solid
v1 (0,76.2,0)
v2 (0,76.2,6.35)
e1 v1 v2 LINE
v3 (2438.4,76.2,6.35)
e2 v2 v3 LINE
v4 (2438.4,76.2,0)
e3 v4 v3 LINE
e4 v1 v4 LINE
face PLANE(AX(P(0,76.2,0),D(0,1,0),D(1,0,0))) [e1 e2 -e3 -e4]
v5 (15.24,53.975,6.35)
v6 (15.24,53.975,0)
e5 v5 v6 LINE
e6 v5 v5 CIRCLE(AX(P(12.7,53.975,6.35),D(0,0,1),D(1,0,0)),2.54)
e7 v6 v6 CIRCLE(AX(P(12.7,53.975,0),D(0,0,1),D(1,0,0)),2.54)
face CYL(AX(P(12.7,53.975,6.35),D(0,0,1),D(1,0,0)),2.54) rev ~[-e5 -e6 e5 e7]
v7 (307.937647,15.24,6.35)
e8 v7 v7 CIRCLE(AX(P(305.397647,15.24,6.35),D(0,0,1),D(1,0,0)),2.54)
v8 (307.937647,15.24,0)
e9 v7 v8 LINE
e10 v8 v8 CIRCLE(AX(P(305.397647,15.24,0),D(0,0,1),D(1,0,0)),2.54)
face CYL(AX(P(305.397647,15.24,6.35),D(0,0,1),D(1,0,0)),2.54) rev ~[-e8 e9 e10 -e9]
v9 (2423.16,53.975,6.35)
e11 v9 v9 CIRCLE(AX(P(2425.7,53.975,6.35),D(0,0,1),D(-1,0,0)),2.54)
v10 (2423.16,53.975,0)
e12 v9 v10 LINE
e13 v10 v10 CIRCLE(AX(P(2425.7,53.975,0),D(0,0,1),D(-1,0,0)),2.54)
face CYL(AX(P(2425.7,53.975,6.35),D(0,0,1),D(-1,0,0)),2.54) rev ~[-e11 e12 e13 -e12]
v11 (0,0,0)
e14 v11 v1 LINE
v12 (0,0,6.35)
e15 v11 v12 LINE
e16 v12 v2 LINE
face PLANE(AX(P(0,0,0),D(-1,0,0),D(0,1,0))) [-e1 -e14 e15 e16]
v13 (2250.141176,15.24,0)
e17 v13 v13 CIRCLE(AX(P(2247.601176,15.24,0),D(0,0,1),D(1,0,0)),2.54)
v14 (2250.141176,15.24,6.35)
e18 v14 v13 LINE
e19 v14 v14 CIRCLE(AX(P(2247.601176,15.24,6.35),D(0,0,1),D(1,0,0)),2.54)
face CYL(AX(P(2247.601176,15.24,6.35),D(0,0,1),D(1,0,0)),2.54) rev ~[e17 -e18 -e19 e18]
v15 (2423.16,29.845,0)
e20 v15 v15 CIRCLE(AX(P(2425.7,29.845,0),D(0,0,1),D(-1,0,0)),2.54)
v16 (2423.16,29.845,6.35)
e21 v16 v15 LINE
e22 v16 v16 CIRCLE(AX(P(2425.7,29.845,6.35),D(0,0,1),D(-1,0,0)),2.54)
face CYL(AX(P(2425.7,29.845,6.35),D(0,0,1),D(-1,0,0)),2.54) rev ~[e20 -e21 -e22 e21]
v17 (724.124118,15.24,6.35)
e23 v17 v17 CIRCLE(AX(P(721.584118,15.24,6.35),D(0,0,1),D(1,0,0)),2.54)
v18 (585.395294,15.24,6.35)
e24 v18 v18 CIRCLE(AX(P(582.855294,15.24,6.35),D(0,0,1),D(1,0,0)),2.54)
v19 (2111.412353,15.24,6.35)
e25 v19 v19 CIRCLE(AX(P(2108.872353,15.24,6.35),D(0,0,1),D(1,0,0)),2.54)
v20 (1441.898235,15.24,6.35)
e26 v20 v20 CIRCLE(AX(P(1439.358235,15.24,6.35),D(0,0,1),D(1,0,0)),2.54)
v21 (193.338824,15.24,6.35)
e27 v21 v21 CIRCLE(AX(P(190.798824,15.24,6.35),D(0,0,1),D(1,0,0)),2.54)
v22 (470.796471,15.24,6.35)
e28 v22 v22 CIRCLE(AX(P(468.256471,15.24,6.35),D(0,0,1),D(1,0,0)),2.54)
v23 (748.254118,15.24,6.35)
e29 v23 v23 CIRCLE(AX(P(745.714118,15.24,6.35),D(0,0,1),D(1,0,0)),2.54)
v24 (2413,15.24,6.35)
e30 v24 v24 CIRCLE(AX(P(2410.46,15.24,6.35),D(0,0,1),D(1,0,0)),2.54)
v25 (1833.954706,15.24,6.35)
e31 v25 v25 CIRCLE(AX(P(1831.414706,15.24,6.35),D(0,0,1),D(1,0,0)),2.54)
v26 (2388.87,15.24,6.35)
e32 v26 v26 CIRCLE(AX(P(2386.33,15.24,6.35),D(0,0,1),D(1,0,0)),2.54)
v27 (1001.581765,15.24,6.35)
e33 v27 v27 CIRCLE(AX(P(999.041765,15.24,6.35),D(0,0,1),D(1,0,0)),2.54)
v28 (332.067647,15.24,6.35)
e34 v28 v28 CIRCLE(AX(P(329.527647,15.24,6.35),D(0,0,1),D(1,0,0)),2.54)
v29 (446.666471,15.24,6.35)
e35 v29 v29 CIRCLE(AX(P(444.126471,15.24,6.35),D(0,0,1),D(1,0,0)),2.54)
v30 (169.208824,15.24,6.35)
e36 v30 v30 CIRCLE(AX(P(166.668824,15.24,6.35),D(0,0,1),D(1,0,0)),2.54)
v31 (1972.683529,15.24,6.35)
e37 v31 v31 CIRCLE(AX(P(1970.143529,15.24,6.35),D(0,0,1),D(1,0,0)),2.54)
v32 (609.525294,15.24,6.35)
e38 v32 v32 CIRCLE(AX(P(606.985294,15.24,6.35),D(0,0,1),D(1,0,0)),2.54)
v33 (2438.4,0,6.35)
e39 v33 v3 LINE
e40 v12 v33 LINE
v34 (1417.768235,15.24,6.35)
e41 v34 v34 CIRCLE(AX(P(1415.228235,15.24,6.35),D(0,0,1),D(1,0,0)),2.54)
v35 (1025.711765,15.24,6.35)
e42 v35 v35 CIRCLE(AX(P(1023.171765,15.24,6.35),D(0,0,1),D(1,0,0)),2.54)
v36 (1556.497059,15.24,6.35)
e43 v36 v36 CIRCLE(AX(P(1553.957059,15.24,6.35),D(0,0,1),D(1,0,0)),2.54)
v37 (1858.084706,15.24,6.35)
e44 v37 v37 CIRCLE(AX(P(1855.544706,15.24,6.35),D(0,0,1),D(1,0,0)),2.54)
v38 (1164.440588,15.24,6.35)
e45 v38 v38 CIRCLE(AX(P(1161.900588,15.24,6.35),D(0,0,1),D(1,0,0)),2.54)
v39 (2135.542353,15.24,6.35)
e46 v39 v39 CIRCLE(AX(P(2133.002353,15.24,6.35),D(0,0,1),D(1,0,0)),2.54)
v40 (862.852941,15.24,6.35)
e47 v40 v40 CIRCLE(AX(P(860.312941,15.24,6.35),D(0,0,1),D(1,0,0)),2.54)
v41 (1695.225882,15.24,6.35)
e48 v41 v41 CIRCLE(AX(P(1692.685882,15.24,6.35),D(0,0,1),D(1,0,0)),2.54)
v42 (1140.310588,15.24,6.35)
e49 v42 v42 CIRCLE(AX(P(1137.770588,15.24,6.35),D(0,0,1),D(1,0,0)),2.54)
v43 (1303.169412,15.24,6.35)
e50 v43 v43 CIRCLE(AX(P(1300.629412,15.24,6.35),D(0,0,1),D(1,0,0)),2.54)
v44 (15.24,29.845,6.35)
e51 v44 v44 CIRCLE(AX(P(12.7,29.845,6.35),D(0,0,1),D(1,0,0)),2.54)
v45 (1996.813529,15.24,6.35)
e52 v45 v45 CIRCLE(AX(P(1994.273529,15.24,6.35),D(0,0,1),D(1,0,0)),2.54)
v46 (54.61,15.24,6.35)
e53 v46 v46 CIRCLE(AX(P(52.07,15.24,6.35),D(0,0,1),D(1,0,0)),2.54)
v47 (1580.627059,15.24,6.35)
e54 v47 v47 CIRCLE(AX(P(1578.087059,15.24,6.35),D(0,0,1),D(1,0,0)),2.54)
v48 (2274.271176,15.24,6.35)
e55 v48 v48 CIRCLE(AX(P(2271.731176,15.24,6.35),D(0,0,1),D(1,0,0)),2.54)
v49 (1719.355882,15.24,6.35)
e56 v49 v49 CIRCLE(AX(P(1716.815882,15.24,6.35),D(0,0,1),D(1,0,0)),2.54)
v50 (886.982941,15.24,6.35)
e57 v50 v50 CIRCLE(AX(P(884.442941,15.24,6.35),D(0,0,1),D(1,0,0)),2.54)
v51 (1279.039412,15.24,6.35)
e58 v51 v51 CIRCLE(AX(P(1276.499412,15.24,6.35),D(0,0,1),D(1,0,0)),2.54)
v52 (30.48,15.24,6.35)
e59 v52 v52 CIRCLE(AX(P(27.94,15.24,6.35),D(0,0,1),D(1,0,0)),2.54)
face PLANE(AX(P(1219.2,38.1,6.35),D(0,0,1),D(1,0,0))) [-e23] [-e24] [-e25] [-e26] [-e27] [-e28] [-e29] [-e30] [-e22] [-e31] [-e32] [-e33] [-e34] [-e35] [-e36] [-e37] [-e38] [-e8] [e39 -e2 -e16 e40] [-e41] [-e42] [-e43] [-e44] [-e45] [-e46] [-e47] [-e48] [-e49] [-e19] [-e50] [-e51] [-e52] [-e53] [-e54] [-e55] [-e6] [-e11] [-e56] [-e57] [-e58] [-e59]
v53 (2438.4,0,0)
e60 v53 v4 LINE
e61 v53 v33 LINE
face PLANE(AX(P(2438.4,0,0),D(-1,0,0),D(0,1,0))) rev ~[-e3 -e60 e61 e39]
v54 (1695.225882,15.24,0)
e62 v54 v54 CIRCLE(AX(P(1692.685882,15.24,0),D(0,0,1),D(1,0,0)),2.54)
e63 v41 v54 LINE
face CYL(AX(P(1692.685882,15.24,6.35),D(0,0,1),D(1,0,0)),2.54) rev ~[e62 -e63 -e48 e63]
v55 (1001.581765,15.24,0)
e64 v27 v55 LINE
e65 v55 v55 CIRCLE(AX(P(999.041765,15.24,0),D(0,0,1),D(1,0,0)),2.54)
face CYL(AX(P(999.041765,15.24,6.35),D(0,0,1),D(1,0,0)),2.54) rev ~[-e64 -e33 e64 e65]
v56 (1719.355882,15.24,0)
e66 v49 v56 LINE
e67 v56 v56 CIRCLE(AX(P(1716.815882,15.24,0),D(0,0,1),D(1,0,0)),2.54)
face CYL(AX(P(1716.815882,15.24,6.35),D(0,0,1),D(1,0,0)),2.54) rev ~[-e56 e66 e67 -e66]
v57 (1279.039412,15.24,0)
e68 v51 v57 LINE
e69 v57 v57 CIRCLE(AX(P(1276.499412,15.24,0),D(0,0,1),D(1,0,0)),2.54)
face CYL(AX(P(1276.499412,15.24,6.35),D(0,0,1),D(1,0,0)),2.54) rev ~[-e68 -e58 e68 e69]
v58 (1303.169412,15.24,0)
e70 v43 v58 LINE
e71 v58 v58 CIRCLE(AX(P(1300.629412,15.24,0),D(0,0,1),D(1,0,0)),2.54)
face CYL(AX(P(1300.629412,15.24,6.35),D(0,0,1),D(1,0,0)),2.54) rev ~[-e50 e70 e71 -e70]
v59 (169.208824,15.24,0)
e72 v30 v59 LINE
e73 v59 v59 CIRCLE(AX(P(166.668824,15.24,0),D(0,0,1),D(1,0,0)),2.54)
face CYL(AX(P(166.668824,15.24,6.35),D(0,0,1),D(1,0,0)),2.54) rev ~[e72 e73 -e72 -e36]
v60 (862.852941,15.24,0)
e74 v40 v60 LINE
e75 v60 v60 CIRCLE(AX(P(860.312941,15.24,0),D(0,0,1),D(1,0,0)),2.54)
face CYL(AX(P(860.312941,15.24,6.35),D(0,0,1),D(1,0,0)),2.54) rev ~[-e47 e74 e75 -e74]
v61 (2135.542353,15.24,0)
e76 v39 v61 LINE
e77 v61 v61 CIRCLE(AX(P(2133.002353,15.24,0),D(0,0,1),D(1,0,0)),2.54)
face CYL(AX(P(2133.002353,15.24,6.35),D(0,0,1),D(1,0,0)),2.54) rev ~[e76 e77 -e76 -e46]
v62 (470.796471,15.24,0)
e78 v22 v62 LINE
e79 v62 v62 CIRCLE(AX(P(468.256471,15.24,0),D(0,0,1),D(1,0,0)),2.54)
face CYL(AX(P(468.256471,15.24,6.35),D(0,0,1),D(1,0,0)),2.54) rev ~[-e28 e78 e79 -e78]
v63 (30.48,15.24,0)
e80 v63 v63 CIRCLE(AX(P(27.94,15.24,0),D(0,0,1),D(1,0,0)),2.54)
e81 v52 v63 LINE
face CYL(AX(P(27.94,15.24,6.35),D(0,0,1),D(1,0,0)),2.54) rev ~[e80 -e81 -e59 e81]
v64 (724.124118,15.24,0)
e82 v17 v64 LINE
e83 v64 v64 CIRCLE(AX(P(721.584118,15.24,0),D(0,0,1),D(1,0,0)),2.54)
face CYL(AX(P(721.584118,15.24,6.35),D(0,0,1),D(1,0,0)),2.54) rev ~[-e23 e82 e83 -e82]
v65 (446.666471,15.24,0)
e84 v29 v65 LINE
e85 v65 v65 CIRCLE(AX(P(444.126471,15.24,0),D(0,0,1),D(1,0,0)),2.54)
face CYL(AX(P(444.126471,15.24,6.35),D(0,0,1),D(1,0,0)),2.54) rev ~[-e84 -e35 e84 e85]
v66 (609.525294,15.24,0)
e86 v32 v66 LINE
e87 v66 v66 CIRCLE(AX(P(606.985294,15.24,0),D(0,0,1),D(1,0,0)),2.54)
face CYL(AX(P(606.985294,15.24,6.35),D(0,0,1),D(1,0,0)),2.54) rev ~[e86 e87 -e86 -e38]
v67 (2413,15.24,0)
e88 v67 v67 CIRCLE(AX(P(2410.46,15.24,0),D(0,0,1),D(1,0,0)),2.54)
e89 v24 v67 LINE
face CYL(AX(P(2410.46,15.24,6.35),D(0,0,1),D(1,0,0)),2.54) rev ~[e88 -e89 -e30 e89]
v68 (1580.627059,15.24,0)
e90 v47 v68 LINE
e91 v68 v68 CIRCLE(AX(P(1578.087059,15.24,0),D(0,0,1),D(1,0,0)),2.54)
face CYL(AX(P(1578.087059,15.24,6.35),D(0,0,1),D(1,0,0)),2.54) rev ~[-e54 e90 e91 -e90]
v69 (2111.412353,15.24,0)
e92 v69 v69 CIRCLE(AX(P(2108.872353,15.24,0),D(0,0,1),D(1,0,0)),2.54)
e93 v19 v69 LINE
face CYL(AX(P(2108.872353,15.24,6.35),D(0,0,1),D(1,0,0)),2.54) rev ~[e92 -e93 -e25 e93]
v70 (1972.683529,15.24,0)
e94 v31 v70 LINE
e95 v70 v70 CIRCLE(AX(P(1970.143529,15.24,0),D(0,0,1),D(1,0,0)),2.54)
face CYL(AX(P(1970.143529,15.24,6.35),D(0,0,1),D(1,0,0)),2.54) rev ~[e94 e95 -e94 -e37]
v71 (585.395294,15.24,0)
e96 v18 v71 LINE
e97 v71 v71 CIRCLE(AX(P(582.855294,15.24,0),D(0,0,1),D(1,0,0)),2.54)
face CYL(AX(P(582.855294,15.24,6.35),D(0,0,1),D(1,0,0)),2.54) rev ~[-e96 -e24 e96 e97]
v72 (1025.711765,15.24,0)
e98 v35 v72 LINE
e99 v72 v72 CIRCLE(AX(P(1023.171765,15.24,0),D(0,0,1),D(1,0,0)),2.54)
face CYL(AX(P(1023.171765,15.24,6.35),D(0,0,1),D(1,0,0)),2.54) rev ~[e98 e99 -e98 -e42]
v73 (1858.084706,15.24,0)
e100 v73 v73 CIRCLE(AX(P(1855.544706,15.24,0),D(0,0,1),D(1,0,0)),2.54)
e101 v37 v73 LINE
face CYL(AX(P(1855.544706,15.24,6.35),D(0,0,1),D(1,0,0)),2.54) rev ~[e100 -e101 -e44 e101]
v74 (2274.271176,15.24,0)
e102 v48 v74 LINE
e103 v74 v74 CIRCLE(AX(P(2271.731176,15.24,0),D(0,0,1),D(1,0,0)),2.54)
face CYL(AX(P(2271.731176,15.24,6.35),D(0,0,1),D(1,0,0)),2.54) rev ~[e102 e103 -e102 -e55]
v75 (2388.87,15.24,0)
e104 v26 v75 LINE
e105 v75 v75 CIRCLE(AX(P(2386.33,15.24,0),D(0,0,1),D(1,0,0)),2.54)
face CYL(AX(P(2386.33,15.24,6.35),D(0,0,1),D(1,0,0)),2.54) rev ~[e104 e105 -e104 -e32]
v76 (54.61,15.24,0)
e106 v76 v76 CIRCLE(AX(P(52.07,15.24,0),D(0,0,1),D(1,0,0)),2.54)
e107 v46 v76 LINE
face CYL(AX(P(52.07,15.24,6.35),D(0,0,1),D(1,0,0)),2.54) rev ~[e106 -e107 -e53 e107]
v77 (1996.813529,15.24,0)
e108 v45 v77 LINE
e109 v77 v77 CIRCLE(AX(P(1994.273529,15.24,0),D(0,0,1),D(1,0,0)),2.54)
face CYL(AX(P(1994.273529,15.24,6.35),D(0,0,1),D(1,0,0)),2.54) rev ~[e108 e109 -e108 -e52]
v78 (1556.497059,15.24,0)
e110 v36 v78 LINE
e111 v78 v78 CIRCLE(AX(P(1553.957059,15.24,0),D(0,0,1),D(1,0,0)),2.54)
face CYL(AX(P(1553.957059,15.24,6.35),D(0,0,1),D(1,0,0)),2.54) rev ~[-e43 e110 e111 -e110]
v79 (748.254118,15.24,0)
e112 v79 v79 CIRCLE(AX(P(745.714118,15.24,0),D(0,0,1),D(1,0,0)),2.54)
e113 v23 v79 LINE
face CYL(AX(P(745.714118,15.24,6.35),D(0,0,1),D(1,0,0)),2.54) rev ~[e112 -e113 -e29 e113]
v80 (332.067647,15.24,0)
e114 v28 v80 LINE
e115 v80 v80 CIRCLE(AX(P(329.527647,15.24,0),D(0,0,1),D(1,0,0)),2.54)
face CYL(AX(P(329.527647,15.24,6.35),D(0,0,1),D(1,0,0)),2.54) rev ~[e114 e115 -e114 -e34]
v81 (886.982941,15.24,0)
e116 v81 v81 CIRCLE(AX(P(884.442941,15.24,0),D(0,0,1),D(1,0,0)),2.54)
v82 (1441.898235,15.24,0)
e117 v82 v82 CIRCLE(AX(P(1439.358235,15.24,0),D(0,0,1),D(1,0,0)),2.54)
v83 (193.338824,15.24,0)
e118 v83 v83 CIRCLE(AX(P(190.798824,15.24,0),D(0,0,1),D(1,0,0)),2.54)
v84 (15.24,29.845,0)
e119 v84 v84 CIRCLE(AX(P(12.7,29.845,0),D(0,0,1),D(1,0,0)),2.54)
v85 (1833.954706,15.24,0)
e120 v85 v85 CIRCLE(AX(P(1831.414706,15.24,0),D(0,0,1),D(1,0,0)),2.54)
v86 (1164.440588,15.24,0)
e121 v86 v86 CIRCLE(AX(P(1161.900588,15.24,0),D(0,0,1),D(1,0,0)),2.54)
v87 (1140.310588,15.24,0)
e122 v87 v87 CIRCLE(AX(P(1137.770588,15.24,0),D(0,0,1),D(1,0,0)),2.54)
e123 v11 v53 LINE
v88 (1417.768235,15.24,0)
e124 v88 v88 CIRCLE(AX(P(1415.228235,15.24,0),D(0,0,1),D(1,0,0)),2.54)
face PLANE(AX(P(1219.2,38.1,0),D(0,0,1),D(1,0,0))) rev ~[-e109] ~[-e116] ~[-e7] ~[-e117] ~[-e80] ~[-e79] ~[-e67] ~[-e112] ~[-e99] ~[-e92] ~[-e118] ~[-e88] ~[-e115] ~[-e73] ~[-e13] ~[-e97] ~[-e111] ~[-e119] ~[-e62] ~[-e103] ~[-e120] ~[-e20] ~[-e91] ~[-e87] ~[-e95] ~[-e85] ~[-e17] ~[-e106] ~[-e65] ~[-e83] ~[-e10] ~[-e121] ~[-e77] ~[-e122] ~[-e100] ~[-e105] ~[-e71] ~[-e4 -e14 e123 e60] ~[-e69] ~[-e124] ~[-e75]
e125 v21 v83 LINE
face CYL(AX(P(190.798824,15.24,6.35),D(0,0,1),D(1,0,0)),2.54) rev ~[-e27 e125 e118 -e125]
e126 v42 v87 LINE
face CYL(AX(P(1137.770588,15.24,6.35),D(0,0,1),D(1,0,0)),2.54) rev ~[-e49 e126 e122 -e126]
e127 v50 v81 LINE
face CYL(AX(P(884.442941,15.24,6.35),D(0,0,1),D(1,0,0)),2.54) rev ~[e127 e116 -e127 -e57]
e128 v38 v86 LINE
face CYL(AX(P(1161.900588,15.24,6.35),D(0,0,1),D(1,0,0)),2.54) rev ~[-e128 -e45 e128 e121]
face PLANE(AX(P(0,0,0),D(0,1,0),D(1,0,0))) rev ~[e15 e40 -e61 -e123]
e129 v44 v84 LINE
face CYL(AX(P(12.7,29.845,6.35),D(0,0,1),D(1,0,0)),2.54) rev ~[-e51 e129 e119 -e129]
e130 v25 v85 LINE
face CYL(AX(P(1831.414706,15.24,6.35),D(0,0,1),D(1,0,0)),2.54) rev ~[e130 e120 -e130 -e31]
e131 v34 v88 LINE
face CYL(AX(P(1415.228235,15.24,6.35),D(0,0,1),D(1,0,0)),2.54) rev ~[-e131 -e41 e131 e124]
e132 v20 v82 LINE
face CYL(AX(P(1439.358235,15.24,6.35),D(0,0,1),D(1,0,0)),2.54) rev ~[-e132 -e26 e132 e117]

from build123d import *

# Parameters (mm, degrees)
SKETCH1_W           = 2438.4
SKETCH1_H           = 76.2
BOSS_EXTRUDE1_DEPTH = 6.35
SKETCH2_R           = 2.54
CUT_EXTRUDE1_DEPTH  = 6.35
SKETCH3_R           = 2.54
CUT_EXTRUDE2_DEPTH  = 6.35
LPATTERN2_COUNT     = 18
LPATTERN2_PITCH     = 138.728823529


with BuildPart() as part:
    # Sketch1 → Boss-Extrude1 (new body)
    with BuildSketch(Plane.XY):
        with Locations((1219.2, 38.1)):
            Rectangle(SKETCH1_W, SKETCH1_H)
    extrude(amount=BOSS_EXTRUDE1_DEPTH)

    # Sketch2 → Cut-Extrude1 (cut)
    with BuildSketch(Plane.XY.offset(6.35)):
        with Locations((27.94, 15.24)):
            Circle(SKETCH2_R)
        with Locations((52.07, 15.24)):
            Circle(SKETCH2_R)
    cut_extrude1 = extrude(amount=-CUT_EXTRUDE1_DEPTH, mode=Mode.SUBTRACT)

    # Sketch3 → Cut-Extrude2 (cut)
    with BuildSketch(Plane.XY.offset(6.35)):
        with Locations((12.7, 29.845)):
            Circle(SKETCH3_R)
        with Locations((12.7, 53.975)):
            Circle(SKETCH3_R)
        with Locations(Location((2425.7, 29.845, 0), (0, 0, 180))):
            Circle(SKETCH3_R)
        with Locations(Location((2425.7, 53.975, 0), (0, 0, 180))):
            Circle(SKETCH3_R)
    extrude(amount=-CUT_EXTRUDE2_DEPTH, mode=Mode.SUBTRACT)

    # LPattern2: Cut-Extrude1 ×18
    with Locations(*[(i * LPATTERN2_PITCH, 0, 0) for i in range(1, LPATTERN2_COUNT)]):
        add(cut_extrude1, mode=Mode.SUBTRACT)


solid = part.part
